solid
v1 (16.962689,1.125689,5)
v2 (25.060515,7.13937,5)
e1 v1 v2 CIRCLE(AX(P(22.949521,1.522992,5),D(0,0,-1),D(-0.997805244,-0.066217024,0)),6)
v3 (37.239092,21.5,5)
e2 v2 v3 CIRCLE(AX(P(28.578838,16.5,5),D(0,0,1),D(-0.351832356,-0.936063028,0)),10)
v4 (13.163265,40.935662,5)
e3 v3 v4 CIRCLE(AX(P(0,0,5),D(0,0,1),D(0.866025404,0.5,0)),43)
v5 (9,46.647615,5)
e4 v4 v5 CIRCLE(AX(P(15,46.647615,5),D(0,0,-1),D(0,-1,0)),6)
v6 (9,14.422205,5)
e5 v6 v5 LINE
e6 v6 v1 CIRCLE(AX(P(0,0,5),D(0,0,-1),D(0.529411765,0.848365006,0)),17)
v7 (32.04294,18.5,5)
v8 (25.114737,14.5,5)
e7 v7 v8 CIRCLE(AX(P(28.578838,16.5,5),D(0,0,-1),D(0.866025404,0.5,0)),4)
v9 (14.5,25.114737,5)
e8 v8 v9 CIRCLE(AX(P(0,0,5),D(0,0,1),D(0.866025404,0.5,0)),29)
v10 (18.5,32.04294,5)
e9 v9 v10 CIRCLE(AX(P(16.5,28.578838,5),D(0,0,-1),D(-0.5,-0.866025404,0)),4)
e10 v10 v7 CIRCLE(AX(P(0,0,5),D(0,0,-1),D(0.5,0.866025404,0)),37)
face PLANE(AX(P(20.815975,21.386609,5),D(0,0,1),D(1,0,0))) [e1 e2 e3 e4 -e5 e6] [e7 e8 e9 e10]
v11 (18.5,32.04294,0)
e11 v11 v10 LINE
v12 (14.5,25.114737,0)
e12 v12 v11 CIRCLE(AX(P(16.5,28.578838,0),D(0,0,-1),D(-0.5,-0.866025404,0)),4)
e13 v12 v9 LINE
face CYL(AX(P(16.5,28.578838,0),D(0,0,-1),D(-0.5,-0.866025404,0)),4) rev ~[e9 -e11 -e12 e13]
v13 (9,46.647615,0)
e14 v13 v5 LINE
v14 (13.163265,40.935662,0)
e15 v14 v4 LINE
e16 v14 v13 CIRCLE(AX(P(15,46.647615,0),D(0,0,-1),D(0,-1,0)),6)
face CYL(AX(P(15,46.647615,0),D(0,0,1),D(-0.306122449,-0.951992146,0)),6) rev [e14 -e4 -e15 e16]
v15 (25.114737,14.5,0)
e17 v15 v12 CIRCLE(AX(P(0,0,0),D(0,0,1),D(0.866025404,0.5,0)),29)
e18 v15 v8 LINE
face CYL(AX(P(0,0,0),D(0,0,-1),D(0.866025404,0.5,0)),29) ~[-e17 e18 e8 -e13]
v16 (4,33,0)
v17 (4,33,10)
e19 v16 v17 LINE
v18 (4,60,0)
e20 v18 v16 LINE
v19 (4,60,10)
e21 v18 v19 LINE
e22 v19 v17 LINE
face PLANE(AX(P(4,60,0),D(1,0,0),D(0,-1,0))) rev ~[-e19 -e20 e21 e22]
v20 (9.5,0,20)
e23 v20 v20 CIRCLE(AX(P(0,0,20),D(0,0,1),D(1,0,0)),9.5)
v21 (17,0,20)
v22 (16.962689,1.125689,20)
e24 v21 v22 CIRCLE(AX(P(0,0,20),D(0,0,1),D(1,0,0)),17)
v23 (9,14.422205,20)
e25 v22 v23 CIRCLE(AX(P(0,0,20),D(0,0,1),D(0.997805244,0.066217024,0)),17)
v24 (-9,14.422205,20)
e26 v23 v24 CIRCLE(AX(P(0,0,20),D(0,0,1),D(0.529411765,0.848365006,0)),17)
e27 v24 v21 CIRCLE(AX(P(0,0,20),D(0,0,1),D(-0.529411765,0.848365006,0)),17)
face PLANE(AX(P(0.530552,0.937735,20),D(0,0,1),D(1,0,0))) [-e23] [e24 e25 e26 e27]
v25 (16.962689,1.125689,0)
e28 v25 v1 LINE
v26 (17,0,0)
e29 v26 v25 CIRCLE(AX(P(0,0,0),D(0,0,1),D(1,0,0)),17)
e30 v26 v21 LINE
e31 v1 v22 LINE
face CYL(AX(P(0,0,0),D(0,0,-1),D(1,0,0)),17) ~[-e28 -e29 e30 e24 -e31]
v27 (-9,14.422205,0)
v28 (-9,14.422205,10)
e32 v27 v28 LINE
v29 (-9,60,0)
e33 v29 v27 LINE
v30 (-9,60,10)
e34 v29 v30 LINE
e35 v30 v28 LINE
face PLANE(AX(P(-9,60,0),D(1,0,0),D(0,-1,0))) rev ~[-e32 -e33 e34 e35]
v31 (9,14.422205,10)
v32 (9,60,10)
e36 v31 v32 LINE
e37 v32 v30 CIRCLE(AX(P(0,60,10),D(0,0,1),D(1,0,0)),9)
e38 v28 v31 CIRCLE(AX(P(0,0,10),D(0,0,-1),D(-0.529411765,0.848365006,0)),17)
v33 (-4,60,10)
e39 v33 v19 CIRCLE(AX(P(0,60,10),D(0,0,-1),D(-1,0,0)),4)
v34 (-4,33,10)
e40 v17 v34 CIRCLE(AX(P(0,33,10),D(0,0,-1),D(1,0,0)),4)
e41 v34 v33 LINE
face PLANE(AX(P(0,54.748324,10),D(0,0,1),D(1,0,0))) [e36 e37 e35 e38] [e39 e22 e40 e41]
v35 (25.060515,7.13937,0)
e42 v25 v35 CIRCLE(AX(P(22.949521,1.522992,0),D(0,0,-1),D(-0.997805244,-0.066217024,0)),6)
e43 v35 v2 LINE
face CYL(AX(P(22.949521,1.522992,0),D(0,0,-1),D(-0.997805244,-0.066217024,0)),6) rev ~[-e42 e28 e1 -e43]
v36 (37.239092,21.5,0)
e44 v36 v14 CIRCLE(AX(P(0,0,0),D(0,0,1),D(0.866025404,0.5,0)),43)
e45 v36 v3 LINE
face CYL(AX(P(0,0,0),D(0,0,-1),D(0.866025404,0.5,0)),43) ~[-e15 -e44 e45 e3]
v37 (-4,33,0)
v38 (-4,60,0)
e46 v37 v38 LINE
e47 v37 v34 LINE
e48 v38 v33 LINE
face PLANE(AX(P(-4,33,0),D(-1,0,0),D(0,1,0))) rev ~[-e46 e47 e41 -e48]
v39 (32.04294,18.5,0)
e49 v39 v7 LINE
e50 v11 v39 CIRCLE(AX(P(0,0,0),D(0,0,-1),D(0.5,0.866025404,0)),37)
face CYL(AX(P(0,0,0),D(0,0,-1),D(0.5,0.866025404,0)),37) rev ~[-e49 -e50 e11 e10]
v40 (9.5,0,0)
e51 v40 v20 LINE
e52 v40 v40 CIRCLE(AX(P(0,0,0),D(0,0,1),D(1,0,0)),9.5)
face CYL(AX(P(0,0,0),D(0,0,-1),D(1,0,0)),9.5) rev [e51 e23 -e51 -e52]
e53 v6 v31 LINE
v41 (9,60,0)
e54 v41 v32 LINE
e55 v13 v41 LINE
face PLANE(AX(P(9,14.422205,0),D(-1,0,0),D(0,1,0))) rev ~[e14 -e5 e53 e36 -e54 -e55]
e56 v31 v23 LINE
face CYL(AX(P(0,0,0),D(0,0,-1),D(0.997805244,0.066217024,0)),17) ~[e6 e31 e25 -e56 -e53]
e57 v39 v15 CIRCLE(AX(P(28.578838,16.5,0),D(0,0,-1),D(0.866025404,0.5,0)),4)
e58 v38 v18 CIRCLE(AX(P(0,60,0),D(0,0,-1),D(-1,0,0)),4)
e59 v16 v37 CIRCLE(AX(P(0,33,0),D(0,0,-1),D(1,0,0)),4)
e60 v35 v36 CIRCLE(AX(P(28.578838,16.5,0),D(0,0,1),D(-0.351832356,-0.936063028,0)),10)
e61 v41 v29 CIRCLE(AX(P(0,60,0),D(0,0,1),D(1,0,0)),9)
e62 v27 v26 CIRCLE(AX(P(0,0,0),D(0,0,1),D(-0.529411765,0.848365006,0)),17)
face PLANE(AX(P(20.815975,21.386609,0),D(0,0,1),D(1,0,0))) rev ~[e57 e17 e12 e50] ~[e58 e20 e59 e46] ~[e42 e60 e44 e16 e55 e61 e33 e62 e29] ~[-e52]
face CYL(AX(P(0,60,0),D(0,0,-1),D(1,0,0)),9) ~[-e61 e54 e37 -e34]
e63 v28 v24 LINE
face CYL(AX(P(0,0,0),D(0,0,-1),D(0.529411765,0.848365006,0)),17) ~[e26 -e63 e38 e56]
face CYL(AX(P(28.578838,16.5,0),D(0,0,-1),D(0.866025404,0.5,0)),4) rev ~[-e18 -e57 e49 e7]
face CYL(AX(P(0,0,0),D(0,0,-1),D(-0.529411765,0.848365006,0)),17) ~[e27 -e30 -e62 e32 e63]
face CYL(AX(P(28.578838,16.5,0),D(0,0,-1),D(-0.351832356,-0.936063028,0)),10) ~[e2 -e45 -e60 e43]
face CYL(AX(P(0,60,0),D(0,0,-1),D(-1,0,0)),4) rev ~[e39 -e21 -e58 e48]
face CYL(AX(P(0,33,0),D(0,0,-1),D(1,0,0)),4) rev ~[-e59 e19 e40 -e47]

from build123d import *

# Parameters (mm, degrees)
F1_DEPTH = 10
F0_R     = 9.5
F2_DEPTH = 20
F3_DEPTH = 5
F4_R     = 6


with BuildPart() as f1:
    # F0 (on Top) → F1 (new body)
    with BuildSketch(Plane.XY):
        with BuildLine():
            Line((-9, 60), (-9, 42.0475920833))
            ThreePointArc((-9, 42.0475920833), (-6.5112727326, 42.5041565897), (-4, 42.8135492572))
            Line((-4, 42.8135492572), (-4, 60))
            ThreePointArc((-4, 60), (0, 64), (4, 60))
            Line((4, 60), (4, 42.8135492572))
            ThreePointArc((4, 42.8135492572), (6.5112727326, 42.5041565897), (9, 42.0475920833))
            Line((9, 42.0475920833), (9, 60))
            ThreePointArc((9, 60), (0, 69), (-9, 60))
        make_face()
        with BuildLine():
            Line((-9, 42.0475920833), (-9, 14.4222051019))
            ThreePointArc((-9, 14.4222051019), (0, 17), (9, 14.4222051019))
            Line((9, 14.4222051019), (9, 42.0475920833))
            ThreePointArc((9, 42.0475920833), (6.5112727326, 42.5041565897), (4, 42.8135492572))
            Line((4, 42.8135492572), (4, 33))
            ThreePointArc((4, 33), (0, 29), (-4, 33))
            Line((-4, 33), (-4, 42.8135492572))
            ThreePointArc((-4, 42.8135492572), (-6.5112727326, 42.5041565897), (-9, 42.0475920833))
        make_face()
    extrude(amount=F1_DEPTH)

    # F0 (on Top) → F2 (join)
    with BuildSketch(Plane.XY):
        with BuildLine():
            ThreePointArc((-9, 14.4222051019), (-8.2462112512, -14.8660687473), (17, 0))
            ThreePointArc((17, 0), (16.9906697283, 0.5631537833), (16.9626891549, 1.1256894045))
            ThreePointArc((16.9626891549, 1.1256894045), (14.5847399518, 8.7341491022), (9, 14.4222051019))
            ThreePointArc((9, 14.4222051019), (0, 17), (-9, 14.4222051019))
        make_face()
        Circle(F0_R, mode=Mode.SUBTRACT)
    extrude(amount=F2_DEPTH)

    # F0 (on Top) → F3 (join)
    with BuildSketch(Plane.XY):
        with BuildLine():
            ThreePointArc((9, 14.4222051019), (14.5847399518, 8.7341491022), (16.9626891549, 1.1256894045))
            ThreePointArc((16.9626891549, 1.1256894045), (19.3722847508, 6.3399805993), (25.0605147601, 7.1393697171))
            ThreePointArc((25.0605147601, 7.1393697171), (36.2055537239, 10.0321400586), (37.2390923627, 21.5))
            ThreePointArc((37.2390923627, 21.5), (25.2994921043, 34.7697526489), (9, 42.0475920833))
            Line((9, 42.0475920833), (9, 14.4222051019))
        make_face()
        with BuildLine():
            ThreePointArc((32.04293994, 18.5), (30.5788383249, 13.0358983849), (25.1147367097, 14.5))
            ThreePointArc((25.1147367097, 14.5), (20.5060966544, 20.5060966544), (14.5, 25.1147367097))
            ThreePointArc((14.5, 25.1147367097), (13.0358983849, 30.5788383249), (18.5, 32.04293994))
            ThreePointArc((18.5, 32.04293994), (26.1629509039, 26.1629509039), (32.04293994, 18.5))
        make_face(mode=Mode.SUBTRACT)
    extrude(amount=F3_DEPTH)

    # F4
    f4_edges = [f1.edges().sort_by_distance(p)[0] for p in [
        (9, 42.047592, 2.5),
    ]]
    fillet(f4_edges, radius=F4_R)


solid = f1.part
